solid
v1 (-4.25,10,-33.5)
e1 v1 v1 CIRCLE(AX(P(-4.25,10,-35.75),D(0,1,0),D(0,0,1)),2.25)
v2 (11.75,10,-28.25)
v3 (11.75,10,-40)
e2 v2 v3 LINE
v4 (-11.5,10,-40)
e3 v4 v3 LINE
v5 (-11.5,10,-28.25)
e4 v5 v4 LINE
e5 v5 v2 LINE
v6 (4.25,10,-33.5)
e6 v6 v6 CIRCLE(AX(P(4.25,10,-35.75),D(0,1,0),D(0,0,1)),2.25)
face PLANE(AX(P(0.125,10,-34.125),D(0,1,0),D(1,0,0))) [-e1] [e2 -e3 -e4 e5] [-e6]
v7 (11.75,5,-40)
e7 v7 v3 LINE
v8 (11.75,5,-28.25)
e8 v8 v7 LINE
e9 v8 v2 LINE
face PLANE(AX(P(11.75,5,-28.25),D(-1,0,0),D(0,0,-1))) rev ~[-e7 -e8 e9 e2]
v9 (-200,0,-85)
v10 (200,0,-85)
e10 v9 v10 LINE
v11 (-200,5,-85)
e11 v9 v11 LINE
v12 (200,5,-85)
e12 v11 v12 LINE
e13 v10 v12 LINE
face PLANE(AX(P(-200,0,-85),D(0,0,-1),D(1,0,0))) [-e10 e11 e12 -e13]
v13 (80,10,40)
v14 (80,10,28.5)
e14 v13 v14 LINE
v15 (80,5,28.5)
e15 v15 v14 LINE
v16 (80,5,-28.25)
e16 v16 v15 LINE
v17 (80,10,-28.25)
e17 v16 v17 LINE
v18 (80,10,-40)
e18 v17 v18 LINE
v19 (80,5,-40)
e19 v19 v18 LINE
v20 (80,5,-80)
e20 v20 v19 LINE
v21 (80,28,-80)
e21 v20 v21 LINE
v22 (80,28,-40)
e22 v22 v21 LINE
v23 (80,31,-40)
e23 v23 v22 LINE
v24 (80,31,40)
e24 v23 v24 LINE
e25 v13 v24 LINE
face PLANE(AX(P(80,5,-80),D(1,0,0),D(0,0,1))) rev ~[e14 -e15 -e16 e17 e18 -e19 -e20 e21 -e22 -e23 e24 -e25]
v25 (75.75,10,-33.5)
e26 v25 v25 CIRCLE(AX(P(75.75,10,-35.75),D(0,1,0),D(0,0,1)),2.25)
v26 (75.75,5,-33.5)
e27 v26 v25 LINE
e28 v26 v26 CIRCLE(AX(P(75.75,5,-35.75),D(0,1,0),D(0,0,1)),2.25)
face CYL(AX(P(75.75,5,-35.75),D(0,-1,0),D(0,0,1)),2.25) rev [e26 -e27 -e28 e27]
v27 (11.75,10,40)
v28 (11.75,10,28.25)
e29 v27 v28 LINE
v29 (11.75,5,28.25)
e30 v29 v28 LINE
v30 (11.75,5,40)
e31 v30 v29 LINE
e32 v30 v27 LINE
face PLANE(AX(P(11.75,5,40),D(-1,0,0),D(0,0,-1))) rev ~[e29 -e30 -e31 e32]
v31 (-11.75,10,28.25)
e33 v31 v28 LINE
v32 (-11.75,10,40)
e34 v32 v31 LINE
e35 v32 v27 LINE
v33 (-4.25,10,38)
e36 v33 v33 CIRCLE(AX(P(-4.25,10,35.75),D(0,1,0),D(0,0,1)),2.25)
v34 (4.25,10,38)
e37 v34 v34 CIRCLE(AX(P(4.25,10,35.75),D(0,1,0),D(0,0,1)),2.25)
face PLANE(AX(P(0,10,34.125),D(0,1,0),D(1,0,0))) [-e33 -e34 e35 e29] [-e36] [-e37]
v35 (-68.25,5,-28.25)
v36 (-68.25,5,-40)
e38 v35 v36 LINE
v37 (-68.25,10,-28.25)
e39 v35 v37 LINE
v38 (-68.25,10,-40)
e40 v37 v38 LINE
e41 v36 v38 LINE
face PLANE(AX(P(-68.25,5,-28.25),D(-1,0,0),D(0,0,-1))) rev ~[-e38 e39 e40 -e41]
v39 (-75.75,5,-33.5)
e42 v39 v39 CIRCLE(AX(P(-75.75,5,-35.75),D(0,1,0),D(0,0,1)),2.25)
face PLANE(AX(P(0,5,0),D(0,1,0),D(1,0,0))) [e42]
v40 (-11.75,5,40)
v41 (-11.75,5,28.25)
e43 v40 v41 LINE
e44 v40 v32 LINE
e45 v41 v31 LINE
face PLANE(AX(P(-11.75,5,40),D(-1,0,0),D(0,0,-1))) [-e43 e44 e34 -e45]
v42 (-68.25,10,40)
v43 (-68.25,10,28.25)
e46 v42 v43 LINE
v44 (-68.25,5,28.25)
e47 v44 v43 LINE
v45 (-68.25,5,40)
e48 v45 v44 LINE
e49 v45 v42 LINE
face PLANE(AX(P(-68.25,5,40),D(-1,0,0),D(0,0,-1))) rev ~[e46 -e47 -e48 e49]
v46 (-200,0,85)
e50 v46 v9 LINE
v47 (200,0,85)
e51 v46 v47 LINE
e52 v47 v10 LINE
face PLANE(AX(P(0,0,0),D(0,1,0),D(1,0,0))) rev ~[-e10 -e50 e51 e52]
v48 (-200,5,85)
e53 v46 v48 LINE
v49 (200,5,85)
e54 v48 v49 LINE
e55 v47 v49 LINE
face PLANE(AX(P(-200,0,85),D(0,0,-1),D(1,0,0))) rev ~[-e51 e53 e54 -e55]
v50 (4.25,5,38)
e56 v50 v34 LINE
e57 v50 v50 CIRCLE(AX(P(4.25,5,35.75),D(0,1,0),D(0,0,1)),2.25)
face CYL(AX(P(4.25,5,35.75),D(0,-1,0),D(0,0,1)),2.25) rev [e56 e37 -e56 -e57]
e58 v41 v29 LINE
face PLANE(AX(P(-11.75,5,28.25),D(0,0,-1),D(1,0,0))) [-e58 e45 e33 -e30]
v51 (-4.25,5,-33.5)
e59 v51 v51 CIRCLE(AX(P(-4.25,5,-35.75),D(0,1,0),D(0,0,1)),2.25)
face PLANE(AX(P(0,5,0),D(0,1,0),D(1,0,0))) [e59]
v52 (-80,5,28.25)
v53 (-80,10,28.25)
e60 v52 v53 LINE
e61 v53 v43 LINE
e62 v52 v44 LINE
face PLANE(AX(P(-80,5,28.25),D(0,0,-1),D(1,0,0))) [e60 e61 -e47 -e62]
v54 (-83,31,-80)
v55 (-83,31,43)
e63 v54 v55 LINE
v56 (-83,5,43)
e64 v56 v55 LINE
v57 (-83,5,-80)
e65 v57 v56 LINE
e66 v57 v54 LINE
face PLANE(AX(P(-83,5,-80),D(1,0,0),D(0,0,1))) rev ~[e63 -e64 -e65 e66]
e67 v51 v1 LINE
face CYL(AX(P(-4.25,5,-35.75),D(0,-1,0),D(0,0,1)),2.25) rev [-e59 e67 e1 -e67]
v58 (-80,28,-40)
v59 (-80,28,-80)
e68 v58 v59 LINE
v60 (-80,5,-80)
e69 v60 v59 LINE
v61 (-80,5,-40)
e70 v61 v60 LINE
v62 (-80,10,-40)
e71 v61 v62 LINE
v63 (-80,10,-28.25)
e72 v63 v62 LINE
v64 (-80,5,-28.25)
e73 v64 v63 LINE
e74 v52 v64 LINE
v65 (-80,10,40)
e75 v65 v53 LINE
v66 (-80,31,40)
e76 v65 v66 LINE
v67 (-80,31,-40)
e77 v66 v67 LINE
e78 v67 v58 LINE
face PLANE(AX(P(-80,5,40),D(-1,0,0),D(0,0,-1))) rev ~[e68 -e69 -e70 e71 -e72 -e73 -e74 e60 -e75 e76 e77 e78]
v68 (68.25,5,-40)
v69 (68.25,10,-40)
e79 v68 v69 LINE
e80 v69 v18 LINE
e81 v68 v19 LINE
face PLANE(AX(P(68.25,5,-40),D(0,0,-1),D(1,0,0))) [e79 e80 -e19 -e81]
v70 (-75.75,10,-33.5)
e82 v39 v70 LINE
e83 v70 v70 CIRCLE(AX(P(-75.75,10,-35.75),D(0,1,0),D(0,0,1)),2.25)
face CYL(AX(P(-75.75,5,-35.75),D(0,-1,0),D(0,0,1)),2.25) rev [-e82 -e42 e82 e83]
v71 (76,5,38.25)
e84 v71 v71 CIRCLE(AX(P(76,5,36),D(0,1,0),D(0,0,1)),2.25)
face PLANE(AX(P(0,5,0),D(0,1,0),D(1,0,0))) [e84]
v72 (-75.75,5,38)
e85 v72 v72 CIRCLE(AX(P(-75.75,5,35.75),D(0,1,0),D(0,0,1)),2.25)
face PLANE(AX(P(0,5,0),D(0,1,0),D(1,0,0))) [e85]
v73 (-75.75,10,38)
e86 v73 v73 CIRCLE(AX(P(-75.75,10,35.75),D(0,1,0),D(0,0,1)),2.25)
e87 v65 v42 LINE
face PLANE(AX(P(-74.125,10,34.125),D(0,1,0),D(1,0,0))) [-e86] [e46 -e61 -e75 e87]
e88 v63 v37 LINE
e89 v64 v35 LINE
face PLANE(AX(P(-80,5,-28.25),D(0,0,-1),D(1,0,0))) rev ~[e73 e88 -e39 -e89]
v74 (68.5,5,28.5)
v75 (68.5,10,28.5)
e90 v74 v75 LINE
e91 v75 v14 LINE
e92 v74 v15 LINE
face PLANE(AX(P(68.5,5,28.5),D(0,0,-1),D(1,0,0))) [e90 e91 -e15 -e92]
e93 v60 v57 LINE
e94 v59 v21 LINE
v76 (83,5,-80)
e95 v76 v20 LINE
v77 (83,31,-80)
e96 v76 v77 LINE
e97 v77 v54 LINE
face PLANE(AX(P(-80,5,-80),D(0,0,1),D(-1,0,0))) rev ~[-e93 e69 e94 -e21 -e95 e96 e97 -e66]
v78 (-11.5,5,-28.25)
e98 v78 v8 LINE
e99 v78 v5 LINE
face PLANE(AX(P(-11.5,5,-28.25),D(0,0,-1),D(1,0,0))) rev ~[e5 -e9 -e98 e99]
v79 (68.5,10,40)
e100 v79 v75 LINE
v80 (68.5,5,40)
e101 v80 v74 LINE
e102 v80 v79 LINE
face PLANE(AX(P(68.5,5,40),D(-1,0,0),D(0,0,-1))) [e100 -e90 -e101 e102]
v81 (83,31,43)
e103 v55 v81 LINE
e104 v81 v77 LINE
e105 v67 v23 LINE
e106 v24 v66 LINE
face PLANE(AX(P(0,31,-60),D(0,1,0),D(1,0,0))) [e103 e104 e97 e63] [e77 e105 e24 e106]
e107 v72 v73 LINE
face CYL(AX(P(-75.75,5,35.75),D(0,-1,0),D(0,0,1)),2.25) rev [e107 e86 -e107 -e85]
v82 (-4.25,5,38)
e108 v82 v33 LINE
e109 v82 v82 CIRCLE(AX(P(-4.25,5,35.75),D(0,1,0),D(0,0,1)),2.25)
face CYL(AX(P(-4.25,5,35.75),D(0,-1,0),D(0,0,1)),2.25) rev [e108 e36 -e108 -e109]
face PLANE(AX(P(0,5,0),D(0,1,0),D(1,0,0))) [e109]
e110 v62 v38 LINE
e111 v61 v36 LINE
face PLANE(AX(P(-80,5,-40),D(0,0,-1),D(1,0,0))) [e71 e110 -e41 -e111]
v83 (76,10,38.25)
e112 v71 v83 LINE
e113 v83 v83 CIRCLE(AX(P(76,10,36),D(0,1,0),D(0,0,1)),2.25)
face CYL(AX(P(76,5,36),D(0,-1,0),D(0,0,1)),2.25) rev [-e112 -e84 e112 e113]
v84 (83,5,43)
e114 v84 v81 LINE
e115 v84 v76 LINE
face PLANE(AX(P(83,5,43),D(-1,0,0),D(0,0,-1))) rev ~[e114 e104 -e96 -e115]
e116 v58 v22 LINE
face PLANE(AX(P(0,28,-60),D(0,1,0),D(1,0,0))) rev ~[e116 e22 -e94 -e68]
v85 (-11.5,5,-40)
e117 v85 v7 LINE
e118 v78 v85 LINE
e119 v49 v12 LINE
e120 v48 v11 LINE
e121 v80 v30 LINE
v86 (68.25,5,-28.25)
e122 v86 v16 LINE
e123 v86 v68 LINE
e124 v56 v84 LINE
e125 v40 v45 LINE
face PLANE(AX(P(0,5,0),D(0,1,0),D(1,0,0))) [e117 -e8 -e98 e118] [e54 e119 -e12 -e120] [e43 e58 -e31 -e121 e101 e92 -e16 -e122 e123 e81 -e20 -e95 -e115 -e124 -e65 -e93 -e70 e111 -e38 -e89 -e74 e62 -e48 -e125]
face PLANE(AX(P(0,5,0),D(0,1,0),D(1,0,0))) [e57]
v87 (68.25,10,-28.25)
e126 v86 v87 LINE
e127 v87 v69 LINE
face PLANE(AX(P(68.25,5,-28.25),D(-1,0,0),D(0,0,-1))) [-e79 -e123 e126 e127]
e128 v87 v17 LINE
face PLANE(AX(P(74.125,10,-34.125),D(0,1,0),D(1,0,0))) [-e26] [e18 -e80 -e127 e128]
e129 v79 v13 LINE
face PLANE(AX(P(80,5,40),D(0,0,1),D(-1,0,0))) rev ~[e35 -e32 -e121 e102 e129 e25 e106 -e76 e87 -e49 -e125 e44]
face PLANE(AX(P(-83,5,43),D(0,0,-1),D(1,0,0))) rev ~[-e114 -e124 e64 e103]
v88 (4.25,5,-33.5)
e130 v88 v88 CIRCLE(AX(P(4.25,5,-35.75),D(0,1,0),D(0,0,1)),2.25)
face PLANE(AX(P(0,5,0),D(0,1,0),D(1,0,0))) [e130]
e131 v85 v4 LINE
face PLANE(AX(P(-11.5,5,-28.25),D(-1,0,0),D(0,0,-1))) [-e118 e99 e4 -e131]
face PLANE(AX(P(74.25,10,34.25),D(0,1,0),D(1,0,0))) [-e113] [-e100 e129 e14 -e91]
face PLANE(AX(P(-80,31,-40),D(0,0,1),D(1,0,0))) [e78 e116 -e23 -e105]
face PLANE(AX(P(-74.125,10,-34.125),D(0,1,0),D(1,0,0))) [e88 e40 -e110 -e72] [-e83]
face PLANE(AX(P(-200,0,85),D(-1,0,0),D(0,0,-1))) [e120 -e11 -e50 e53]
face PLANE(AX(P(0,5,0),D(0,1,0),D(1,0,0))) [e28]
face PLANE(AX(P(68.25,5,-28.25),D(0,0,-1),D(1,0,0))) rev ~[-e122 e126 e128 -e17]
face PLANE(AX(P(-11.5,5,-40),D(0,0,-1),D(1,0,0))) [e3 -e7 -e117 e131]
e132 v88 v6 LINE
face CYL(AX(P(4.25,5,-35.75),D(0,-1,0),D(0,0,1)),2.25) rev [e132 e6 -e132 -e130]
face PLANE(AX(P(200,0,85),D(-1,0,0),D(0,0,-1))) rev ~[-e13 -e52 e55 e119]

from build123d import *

# Parameters (mm, degrees)
SKIZZE1_W                       = 400
SKIZZE1_H                       = 170
AUFSATZ_LINEAR_AUSTRAGEN1_DEPTH = 5
SKIZZE3_W                       = 11.75
SKIZZE3_H                       = 11.75
SKIZZE3_R                       = 2.25
SKIZZE3_W_2                     = 11.5
SKIZZE3_H_2                     = 11.5
SKIZZE3_W_3                     = 23.5
SKIZZE3_W_4                     = 23.25
AUFSATZ_LINEAR_AUSTRAGEN6_DEPTH = 5
AUFSATZ_LINEAR_AUSTRAGEN7_DEPTH = 26
SKIZZE6_W                       = 160
SKIZZE6_H                       = 40
AUFSATZ_LINEAR_AUSTRAGEN8_DEPTH = 3


with BuildPart() as part:
    # Skizze1 → Aufsatz-Linear austragen1 (new body)
    with BuildSketch(Plane(origin=(0, 0, 0), x_dir=(1, 0, 0), z_dir=(0, 1, 0))):
        Rectangle(SKIZZE1_W, SKIZZE1_H)
    extrude(amount=AUFSATZ_LINEAR_AUSTRAGEN1_DEPTH)

    # Skizze3 → Aufsatz-Linear austragen6 (add)
    # profile 1 of 6: a face of its own
    with BuildSketch(Plane(origin=(0, 5, 0), x_dir=(1, 0, 0), z_dir=(0, 1, 0))):
        with Locations((74.125, 34.125)):
            Rectangle(SKIZZE3_W, SKIZZE3_H)
        with Locations(Location((75.75, 35.75, 0), (0, 0, 270))):
            Circle(SKIZZE3_R, mode=Mode.SUBTRACT)
    # profile 2 of 6: a face of its own
    with BuildSketch(Plane(origin=(0, 5, 0), x_dir=(1, 0, 0), z_dir=(0, 1, 0))):
        with Locations((-74.125, 34.125)):
            Rectangle(SKIZZE3_W, SKIZZE3_H)
        with Locations(Location((-75.75, 35.75, 0), (0, 0, 270))):
            Circle(SKIZZE3_R, mode=Mode.SUBTRACT)
    # profile 3 of 6: a face of its own
    with BuildSketch(Plane(origin=(0, 5, 0), x_dir=(1, 0, 0), z_dir=(0, 1, 0))):
        with Locations((-74.125, -34.125)):
            Rectangle(SKIZZE3_W, SKIZZE3_H)
        with Locations(Location((-75.75, -35.75, 0), (0, 0, 270))):
            Circle(SKIZZE3_R, mode=Mode.SUBTRACT)
    # profile 4 of 6: a face of its own
    with BuildSketch(Plane(origin=(0, 5, 0), x_dir=(1, 0, 0), z_dir=(0, 1, 0))):
        with Locations((74.25, -34.25)):
            Rectangle(SKIZZE3_W_2, SKIZZE3_H_2)
        with Locations(Location((76, -36, 0), (0, 0, 270))):
            Circle(SKIZZE3_R, mode=Mode.SUBTRACT)
    # profile 5 of 6: a face of its own
    with BuildSketch(Plane(origin=(0, 5, 0), x_dir=(1, 0, 0), z_dir=(0, 1, 0))):
        with Locations((0, -34.125)):
            Rectangle(SKIZZE3_W_3, SKIZZE3_H)
        with Locations(Location((-4.25, -35.75, 0), (0, 0, 270))):
            Circle(SKIZZE3_R, mode=Mode.SUBTRACT)
        with Locations(Location((4.25, -35.75, 0), (0, 0, 270))):
            Circle(SKIZZE3_R, mode=Mode.SUBTRACT)
    # profile 6 of 6: a face of its own
    with BuildSketch(Plane(origin=(0, 5, 0), x_dir=(1, 0, 0), z_dir=(0, 1, 0))):
        with Locations((0.125, 34.125)):
            Rectangle(SKIZZE3_W_4, SKIZZE3_H)
        with Locations(Location((-4.25, 35.75, 0), (0, 0, 270))):
            Circle(SKIZZE3_R, mode=Mode.SUBTRACT)
        with Locations(Location((4.25, 35.75, 0), (0, 0, 270))):
            Circle(SKIZZE3_R, mode=Mode.SUBTRACT)
    extrude(amount=AUFSATZ_LINEAR_AUSTRAGEN6_DEPTH)

    # Skizze4 → Aufsatz-Linear austragen7 (add)
    with BuildSketch(Plane(origin=(0, 5, 0), x_dir=(1, 0, 0), z_dir=(0, 1, 0))):
        Polygon((-83, 80), (-83, -40), (-80, -40), (-80, -28.25), (-80, 28.25), (-80, 40), (-80, 80), align=None)
        Polygon((83, -40), (80, -40), (68.5, -40), (11.75, -40), (-11.75, -40), (-68.25, -40), (-80, -40), (-83, -40), (-83, -43), (83, -43), align=None)
        Polygon((80, -28.5), (80, -40), (83, -40), (83, 80), (80, 80), (80, 40), (80, 28.25), align=None)
    extrude(amount=AUFSATZ_LINEAR_AUSTRAGEN7_DEPTH)

    # Skizze6 → Aufsatz-Linear austragen8 (add)
    with BuildSketch(Plane(origin=(0, 31, 0), x_dir=(1, 0, 0), z_dir=(0, 1, 0))):
        with Locations((0, 60)):
            Rectangle(SKIZZE6_W, SKIZZE6_H)
    extrude(amount=-AUFSATZ_LINEAR_AUSTRAGEN8_DEPTH)


solid = part.part
